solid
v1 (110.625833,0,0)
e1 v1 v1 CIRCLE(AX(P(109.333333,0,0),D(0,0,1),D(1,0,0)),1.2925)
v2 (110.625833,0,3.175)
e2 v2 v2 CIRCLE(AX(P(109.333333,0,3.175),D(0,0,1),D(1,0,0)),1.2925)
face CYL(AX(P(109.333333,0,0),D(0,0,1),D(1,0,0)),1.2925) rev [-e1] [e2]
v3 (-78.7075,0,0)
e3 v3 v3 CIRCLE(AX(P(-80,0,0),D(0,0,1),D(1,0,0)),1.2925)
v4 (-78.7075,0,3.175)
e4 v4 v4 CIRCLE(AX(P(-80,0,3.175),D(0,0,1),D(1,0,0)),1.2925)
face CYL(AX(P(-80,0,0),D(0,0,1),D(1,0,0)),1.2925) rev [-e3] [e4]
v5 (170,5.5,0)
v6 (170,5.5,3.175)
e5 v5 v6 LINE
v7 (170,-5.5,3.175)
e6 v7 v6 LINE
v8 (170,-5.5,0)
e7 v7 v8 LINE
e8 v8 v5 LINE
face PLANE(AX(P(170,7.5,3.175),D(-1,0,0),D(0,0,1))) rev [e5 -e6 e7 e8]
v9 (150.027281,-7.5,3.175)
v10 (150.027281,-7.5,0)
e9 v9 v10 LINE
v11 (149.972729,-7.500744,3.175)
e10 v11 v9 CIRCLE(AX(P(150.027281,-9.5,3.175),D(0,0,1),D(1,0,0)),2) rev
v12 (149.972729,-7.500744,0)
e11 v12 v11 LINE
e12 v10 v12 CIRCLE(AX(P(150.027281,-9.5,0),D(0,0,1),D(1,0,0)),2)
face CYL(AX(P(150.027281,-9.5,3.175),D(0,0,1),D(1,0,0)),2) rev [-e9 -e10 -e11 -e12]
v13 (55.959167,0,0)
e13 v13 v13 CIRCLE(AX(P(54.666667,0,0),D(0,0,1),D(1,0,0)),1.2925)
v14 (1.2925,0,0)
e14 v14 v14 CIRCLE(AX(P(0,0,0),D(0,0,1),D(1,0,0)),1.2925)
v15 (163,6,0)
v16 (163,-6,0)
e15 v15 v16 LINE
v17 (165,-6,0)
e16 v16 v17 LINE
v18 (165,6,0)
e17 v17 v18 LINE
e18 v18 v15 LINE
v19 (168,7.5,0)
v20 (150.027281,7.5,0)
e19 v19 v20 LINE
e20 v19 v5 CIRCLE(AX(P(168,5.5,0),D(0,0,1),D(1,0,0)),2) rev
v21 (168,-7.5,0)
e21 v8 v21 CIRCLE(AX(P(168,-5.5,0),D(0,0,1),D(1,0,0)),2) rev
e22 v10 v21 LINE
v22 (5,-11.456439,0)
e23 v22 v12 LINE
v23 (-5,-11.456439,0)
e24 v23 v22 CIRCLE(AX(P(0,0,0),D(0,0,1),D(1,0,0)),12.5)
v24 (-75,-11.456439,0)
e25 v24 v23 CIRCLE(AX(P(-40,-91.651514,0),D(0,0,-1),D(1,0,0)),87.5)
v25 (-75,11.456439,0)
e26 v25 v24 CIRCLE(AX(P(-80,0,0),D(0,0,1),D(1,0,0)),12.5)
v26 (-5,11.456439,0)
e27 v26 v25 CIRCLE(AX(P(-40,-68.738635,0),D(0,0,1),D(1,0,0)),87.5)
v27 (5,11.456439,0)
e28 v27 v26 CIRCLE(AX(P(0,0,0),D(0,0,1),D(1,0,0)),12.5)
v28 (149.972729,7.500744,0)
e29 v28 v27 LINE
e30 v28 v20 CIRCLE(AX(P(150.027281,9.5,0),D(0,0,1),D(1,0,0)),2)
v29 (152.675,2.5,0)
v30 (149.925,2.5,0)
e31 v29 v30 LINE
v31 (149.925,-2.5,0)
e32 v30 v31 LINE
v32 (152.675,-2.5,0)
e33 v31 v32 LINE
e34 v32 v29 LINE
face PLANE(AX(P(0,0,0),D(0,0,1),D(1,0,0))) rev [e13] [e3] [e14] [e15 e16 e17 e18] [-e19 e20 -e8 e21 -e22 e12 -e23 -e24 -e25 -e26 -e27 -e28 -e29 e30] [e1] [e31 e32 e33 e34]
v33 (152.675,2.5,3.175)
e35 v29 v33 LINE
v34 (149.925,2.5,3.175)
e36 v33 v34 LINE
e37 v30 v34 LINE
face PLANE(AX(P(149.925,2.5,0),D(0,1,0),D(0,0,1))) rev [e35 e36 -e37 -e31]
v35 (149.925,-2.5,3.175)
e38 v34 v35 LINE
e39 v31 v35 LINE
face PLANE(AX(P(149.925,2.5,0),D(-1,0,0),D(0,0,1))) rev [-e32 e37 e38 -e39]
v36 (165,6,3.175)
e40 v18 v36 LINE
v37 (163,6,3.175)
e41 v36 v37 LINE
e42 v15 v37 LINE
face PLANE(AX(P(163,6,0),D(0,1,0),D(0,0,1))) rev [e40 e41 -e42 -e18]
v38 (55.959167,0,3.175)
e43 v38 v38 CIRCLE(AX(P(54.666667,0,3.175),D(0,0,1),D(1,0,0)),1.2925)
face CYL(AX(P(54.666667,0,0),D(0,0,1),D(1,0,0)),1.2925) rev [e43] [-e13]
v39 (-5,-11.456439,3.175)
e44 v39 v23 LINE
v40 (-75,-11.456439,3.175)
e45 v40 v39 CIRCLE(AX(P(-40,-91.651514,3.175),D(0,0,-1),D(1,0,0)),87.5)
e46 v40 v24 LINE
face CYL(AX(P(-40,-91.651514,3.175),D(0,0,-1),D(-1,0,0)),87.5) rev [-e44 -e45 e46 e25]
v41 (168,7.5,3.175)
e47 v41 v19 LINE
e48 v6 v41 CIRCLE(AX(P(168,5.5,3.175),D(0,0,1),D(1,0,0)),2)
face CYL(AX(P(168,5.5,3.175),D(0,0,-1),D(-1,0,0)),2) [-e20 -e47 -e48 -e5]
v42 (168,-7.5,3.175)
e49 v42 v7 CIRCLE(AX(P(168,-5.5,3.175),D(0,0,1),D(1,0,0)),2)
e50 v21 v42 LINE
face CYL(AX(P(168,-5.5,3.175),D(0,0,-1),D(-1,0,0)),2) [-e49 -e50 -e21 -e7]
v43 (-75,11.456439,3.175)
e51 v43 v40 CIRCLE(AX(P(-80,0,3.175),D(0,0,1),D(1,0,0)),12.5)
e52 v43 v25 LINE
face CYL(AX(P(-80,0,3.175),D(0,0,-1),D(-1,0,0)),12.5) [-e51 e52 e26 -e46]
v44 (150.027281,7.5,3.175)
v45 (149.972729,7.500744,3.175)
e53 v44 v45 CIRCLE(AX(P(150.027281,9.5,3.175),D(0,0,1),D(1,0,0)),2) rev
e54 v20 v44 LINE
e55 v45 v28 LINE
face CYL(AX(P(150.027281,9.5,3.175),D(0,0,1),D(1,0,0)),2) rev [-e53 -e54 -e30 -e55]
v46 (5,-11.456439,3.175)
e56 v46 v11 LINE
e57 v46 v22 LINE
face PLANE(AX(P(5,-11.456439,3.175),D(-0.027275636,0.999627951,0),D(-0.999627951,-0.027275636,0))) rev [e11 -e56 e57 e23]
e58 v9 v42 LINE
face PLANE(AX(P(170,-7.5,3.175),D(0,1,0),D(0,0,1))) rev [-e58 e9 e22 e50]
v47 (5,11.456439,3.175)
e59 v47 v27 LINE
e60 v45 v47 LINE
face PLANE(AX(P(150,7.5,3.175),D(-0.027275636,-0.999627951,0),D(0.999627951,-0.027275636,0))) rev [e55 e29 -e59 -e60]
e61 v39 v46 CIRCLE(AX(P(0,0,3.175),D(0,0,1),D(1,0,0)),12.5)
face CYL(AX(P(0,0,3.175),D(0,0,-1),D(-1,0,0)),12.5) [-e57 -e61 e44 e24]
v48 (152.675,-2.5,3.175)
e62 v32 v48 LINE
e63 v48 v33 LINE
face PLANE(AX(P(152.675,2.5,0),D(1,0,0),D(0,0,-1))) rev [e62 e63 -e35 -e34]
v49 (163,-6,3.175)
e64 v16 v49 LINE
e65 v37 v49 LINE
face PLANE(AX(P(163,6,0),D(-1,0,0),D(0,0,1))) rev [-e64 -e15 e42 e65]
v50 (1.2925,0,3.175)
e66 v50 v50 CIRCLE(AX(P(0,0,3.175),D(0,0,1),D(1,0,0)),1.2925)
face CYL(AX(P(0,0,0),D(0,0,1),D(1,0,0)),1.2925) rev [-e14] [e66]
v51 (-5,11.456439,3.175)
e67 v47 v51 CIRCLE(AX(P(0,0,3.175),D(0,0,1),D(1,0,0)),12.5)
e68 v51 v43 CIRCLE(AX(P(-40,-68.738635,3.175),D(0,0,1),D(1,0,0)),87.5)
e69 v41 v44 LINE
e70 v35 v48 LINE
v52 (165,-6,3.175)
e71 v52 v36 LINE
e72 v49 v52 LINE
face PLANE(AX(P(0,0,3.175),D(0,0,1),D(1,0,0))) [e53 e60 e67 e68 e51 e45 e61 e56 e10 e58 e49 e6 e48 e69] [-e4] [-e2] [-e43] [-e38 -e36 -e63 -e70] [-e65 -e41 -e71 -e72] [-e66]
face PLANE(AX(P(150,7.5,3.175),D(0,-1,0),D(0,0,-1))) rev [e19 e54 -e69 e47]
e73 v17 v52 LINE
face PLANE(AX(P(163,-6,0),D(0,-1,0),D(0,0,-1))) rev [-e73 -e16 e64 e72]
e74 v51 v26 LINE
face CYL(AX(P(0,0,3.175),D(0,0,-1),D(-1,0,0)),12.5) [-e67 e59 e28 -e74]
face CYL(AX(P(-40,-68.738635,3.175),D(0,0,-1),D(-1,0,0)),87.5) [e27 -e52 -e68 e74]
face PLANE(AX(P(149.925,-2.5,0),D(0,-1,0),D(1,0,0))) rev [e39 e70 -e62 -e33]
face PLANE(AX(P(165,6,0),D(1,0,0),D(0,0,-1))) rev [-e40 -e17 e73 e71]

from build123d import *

# Parameters (mm, degrees)
BOSS_EXTRUDE1_DEPTH = 3.175
SKETCH2_R           = 1.2925
SKETCH2_W           = 2
SKETCH2_H           = 12
SKETCH2_W_2         = 2.75
SKETCH2_H_2         = 5
CUT_EXTRUDE1_DEPTH  = 172.061595414
FILLET1_R           = 2


with BuildPart() as part:
    # Sketch1 → Boss-Extrude1 (new body)
    with BuildSketch(Plane.XY):
        with BuildLine():
            Line((150, 7.5), (5, 11.456439237))
            ThreePointArc((5, 11.456439237), (0, 12.5), (-5, 11.456439237))
            ThreePointArc((-5, 11.456439237), (-40, 18.761364576), (-75, 11.456439237))
            ThreePointArc((-75, 11.456439237), (-92.5, 0), (-75, -11.456439237))
            ThreePointArc((-75, -11.456439237), (-40, -4.151513899), (-5, -11.456439237))
            ThreePointArc((-5, -11.456439237), (0, -12.5), (5, -11.456439237))
            Line((5, -11.456439237), (150, -7.5))
            Line((150, -7.5), (170, -7.5))
            Line((170, -7.5), (170, 7.5))
            Line((170, 7.5), (150, 7.5))
        make_face()
    extrude(amount=BOSS_EXTRUDE1_DEPTH)

    # Sketch2 → Cut-Extrude1 (cut, through all)
    with BuildSketch(Plane.XY.offset(3.175)):
        with Locations((-80, 0)):
            Circle(SKETCH2_R)
        with Locations((54.666666667, 0)):
            Circle(SKETCH2_R)
        with Locations((109.333333333, 0)):
            Circle(SKETCH2_R)
        Circle(SKETCH2_R)
        with Locations((164, 0)):
            Rectangle(SKETCH2_W, SKETCH2_H)
        with Locations((151.3, 0)):
            Rectangle(SKETCH2_W_2, SKETCH2_H_2)
    extrude(amount=-CUT_EXTRUDE1_DEPTH, mode=Mode.SUBTRACT)

    # Fillet1
    fillet1_edges = [part.edges().sort_by_distance(p)[0] for p in [
        (170, 7.5, 1.5875),
        (170, -7.5, 1.5875),
        (150, -7.5, 1.5875),
        (150, 7.5, 1.5875),
    ]]
    fillet(fillet1_edges, radius=FILLET1_R)


solid = part.part
